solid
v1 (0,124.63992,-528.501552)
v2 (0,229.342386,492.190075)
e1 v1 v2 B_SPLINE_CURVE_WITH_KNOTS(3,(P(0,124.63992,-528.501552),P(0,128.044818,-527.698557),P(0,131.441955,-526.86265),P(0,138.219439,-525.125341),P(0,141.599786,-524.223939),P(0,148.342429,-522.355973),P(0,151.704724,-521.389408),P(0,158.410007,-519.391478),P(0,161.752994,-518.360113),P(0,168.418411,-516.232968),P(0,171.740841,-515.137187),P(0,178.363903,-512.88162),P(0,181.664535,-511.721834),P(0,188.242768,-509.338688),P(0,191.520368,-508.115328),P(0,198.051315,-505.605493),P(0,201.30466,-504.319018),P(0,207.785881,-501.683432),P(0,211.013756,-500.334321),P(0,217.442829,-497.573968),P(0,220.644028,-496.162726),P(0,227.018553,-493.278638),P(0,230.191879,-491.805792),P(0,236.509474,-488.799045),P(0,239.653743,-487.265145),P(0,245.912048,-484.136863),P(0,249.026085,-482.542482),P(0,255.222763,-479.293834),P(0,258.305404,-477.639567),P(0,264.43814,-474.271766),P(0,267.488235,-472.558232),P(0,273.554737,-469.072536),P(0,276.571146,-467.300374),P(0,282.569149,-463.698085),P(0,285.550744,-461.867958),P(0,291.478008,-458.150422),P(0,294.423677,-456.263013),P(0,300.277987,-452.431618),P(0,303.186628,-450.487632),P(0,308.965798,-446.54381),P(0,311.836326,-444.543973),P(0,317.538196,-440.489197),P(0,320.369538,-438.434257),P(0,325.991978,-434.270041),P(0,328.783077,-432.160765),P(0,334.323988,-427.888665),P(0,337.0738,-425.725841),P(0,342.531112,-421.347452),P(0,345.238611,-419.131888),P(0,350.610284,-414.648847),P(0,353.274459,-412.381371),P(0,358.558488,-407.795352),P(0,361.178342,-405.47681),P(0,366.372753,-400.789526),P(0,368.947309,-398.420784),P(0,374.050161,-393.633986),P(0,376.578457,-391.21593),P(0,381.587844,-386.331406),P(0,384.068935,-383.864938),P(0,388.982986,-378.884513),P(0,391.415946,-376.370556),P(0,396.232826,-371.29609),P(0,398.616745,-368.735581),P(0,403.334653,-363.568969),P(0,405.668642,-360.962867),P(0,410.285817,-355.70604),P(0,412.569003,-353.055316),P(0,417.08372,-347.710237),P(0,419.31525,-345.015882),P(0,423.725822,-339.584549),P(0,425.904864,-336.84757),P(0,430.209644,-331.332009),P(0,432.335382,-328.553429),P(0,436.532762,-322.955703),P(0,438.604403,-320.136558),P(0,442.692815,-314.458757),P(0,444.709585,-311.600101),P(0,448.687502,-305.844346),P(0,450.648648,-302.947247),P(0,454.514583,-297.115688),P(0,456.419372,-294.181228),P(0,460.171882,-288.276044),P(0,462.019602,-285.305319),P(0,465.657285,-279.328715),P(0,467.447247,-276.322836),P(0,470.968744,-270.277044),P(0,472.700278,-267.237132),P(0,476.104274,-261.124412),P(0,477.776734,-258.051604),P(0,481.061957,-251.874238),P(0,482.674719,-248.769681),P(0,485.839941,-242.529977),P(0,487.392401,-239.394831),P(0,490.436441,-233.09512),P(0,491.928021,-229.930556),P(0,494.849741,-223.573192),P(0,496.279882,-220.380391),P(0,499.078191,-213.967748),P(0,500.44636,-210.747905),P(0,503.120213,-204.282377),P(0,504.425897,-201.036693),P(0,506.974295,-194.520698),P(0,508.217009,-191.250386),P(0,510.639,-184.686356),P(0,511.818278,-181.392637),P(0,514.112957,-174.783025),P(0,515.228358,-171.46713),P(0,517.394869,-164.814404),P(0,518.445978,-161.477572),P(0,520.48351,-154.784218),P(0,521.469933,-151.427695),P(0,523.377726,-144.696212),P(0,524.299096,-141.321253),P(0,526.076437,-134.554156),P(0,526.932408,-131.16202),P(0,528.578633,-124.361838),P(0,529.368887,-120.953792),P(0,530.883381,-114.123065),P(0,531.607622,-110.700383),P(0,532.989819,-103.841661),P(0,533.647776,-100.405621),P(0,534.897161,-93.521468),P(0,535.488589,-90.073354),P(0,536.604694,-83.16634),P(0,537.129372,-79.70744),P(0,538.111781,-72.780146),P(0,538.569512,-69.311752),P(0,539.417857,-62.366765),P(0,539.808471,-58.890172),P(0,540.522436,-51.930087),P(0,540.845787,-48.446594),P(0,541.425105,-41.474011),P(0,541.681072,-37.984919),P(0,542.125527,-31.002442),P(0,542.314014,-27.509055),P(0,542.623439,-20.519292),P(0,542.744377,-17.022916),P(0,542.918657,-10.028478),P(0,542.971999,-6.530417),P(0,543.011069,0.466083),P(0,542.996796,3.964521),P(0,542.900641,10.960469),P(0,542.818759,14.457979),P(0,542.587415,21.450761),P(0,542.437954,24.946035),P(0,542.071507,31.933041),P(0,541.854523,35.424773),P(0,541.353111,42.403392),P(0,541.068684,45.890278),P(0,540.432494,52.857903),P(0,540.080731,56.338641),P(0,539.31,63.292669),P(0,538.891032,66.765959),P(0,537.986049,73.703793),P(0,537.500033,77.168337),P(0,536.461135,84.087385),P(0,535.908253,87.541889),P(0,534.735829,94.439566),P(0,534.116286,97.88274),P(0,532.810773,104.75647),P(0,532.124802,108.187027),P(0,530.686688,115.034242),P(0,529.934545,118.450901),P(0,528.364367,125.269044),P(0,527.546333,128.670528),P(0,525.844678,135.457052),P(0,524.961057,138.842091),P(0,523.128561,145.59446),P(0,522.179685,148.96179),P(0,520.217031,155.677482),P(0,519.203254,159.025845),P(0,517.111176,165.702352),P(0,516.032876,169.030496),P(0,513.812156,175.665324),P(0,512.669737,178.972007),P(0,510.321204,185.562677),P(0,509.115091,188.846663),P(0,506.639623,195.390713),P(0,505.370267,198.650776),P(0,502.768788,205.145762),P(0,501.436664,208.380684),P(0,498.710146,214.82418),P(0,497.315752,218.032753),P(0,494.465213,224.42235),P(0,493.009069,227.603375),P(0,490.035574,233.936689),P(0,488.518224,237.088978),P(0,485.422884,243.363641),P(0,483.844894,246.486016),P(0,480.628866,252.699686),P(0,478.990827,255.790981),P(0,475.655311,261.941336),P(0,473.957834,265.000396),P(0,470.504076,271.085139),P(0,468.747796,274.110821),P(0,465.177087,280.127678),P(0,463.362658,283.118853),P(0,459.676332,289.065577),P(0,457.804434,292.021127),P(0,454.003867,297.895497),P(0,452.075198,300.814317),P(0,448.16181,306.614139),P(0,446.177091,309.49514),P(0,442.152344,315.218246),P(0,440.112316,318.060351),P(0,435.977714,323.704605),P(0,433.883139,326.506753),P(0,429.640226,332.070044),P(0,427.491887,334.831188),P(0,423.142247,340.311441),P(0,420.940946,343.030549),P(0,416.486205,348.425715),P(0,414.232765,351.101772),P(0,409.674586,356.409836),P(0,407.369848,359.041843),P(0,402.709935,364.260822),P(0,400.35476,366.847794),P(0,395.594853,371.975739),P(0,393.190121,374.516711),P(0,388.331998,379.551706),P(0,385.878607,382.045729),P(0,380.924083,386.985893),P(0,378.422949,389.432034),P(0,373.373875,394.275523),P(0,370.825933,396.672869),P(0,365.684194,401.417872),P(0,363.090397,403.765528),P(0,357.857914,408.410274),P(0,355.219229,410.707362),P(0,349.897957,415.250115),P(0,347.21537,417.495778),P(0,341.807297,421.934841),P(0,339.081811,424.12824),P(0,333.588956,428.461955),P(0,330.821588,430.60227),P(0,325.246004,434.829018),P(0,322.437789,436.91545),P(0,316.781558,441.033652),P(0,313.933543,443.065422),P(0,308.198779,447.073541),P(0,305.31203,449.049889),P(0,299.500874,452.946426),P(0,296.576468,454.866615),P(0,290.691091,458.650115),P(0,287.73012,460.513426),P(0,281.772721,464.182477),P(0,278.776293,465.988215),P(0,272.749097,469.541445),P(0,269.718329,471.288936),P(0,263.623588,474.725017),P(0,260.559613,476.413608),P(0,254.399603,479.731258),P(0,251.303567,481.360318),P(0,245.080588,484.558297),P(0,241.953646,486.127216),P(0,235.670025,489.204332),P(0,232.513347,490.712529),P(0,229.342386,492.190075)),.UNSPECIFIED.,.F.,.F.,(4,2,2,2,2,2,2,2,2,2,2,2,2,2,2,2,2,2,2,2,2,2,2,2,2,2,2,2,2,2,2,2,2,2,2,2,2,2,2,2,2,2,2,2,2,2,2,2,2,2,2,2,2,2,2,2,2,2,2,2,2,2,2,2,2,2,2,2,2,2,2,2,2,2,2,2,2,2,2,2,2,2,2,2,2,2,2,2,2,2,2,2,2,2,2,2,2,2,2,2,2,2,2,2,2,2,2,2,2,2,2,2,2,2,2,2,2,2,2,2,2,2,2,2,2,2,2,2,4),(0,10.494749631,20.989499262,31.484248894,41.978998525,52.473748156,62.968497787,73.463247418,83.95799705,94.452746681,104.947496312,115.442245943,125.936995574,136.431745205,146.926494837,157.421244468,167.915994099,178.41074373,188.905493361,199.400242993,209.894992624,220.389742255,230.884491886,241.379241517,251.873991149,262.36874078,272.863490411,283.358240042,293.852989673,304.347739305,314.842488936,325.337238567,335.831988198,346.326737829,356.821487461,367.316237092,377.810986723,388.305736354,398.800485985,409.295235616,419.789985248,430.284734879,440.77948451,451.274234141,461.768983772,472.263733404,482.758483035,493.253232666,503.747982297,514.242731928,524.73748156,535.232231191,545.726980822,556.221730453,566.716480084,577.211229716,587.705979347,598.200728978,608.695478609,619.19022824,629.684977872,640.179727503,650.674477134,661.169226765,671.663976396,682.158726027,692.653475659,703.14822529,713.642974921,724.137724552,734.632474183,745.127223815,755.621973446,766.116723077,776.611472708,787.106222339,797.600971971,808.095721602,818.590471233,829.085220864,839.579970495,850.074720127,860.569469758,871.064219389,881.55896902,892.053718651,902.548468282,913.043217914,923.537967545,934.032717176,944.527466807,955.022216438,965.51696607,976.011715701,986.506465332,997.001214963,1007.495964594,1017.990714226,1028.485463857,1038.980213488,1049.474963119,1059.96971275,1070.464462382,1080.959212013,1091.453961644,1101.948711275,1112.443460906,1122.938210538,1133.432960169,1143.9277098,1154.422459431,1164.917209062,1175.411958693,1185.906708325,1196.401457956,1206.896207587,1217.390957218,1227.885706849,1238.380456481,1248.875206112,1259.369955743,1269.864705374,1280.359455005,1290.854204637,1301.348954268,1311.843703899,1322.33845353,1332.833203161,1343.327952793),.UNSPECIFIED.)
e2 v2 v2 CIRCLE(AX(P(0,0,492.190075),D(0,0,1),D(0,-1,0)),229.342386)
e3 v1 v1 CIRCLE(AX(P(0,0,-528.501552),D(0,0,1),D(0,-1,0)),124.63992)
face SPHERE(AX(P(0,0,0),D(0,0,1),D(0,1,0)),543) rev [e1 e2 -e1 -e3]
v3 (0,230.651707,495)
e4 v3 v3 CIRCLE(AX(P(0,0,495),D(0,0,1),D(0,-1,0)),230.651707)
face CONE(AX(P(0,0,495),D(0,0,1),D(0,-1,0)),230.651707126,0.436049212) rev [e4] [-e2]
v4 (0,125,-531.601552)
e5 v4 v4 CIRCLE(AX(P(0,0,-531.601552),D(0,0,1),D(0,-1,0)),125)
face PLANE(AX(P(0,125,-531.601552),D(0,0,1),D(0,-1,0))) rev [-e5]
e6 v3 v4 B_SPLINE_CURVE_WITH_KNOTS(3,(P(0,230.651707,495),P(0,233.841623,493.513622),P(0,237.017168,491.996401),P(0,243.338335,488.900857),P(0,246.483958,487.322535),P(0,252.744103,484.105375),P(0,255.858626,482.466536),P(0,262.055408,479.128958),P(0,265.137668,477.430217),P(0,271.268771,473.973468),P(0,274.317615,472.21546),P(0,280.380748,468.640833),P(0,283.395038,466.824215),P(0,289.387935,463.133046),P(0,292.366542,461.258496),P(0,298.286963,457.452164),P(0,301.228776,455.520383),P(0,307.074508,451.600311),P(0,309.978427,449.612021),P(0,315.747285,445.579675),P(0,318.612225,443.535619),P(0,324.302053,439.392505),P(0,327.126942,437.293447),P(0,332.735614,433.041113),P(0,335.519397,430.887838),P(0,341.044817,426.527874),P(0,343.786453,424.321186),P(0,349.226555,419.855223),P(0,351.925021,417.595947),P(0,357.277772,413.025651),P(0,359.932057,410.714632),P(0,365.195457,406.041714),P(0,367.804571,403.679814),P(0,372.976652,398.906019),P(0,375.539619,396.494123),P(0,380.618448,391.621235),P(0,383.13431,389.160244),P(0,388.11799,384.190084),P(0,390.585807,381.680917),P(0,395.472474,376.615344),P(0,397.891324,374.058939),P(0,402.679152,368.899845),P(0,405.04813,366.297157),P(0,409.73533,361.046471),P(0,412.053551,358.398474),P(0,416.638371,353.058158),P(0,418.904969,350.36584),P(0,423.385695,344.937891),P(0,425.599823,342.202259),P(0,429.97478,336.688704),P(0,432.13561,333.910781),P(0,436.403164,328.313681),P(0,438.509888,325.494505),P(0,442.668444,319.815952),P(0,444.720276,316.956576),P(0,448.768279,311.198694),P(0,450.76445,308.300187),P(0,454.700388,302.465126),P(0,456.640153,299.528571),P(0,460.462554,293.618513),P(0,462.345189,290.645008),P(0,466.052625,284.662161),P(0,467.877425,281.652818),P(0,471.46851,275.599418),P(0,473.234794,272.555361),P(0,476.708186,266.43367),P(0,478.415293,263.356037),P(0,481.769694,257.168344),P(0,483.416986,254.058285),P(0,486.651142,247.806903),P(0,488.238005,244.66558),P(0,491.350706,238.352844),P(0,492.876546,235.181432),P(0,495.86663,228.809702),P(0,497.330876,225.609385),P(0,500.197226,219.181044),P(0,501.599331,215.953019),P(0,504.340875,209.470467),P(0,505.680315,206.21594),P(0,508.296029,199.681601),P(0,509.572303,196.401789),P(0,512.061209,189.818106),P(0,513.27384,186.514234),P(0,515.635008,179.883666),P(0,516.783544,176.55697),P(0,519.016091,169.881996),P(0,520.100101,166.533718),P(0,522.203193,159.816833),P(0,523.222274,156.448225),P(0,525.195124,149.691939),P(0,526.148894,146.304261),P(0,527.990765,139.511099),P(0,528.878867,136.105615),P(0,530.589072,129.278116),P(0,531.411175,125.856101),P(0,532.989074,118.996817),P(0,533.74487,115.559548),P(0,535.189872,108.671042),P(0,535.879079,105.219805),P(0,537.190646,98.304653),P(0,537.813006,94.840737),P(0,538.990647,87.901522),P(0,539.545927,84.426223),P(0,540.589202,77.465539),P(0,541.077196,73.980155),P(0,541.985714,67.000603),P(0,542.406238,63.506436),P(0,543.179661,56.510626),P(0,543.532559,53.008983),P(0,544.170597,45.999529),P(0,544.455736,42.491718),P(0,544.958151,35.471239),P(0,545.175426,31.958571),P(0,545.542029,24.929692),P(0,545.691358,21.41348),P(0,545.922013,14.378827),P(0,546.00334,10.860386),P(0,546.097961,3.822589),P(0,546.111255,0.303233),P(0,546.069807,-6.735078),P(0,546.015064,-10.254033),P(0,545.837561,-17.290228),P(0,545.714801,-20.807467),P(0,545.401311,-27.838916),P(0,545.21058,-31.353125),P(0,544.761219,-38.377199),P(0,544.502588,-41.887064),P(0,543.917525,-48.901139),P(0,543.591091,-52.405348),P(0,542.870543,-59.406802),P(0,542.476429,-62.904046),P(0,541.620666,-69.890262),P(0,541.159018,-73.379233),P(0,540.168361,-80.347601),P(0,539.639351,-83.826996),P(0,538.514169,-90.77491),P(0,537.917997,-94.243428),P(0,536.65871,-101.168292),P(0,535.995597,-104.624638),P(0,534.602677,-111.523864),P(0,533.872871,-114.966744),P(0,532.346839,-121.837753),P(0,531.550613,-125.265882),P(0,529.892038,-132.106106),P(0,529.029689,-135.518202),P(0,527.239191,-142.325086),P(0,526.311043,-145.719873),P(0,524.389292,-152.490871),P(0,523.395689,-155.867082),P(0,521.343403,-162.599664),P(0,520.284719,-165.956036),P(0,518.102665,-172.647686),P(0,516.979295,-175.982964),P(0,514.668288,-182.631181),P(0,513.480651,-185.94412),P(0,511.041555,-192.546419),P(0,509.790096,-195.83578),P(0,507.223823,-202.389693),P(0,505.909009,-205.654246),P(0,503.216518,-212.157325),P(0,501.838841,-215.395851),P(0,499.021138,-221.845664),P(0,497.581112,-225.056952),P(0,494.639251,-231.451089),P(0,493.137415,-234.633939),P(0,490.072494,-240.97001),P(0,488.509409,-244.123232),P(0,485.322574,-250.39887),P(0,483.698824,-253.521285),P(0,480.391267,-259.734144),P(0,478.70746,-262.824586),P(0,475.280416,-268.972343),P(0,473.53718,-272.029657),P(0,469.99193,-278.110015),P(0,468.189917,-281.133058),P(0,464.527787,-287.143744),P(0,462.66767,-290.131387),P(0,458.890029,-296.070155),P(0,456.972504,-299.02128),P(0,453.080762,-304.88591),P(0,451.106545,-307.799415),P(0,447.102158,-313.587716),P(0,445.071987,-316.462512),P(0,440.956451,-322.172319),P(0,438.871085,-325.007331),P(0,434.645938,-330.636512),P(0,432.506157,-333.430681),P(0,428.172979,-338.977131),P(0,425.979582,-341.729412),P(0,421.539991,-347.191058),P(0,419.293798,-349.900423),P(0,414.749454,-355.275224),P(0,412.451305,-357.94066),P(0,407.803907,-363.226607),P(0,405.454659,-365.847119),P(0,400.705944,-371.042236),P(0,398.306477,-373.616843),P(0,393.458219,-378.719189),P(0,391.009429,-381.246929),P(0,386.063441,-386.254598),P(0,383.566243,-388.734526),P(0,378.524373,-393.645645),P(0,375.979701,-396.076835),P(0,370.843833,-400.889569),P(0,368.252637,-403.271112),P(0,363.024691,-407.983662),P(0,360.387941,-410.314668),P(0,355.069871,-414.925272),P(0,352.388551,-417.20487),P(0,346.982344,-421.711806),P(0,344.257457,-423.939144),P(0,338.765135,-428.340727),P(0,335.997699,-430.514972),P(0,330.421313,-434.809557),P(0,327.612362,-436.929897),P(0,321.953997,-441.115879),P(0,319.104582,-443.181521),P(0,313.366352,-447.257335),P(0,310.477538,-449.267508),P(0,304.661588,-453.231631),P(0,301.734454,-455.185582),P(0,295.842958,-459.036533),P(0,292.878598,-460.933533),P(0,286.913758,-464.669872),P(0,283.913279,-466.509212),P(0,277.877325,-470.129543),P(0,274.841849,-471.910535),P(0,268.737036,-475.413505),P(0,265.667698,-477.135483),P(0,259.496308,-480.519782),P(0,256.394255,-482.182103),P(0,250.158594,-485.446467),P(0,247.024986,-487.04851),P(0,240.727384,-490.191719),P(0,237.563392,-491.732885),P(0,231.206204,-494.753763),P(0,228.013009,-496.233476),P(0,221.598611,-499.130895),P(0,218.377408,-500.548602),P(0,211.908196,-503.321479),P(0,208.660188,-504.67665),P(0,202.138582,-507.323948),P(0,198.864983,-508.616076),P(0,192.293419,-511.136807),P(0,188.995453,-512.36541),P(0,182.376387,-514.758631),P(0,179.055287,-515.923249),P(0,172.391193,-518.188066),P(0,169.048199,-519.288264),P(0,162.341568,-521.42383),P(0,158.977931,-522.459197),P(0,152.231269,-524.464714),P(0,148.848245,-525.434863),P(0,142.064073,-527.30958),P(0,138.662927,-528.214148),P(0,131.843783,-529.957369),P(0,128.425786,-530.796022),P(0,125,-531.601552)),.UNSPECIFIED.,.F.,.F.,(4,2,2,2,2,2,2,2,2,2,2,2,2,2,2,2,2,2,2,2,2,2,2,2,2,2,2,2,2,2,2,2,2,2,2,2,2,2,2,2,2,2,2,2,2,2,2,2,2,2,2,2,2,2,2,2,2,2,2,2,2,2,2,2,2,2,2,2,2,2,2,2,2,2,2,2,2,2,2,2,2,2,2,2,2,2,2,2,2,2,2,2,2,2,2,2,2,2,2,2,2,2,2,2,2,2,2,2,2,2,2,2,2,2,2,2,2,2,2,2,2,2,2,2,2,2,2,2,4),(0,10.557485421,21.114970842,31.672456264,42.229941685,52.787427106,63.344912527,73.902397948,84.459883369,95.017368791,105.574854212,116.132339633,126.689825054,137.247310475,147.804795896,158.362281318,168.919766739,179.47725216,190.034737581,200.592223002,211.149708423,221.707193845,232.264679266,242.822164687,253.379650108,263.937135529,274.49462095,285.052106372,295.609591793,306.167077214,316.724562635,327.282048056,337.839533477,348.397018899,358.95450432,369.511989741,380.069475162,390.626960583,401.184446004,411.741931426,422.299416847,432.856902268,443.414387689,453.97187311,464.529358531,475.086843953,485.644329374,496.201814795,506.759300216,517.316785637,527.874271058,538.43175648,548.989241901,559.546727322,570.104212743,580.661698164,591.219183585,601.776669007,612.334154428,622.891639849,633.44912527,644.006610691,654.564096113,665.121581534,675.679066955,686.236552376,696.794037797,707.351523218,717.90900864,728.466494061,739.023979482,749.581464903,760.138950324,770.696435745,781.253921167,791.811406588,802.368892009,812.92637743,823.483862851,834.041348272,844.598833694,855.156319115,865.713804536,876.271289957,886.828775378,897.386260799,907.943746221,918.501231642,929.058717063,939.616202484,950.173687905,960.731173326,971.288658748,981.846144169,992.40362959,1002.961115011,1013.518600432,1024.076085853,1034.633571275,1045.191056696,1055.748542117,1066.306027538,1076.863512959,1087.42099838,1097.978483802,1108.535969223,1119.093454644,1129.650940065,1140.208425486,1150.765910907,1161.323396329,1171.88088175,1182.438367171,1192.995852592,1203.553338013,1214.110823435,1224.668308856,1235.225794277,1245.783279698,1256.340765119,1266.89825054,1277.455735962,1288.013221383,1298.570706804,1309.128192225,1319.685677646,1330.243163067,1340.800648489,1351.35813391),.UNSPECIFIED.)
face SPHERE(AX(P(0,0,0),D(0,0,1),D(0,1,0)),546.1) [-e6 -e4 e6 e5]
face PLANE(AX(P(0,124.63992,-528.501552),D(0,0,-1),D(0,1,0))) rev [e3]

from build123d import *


with BuildPart() as part:
    # Sketch1 → Shell (revolve)
    with BuildSketch(Plane(origin=(0, 0, 0), x_dir=(0, 0, -1), z_dir=(1, 0, 0))):
        with BuildLine():
            Line((528.501551916, 124.639919857), (528.501551916, 0))
            Line((528.501551916, 0), (531.601551916, 0))
            Line((531.601551916, 0), (531.601551916, 125))
            ThreePointArc((531.601551916, 125), (55.906074852, 543.230817236), (-495, 230.651707126))
            Line((-495, 230.651707126), (-492.190075078, 229.342385954))
            ThreePointArc((-492.190075078, 229.342385954), (55.410129392, 540.165453876), (528.501551916, 124.639919857))
        make_face()
    revolve(axis=Axis((0, 0, 495), (0, 0, -1)))


solid = part.part
